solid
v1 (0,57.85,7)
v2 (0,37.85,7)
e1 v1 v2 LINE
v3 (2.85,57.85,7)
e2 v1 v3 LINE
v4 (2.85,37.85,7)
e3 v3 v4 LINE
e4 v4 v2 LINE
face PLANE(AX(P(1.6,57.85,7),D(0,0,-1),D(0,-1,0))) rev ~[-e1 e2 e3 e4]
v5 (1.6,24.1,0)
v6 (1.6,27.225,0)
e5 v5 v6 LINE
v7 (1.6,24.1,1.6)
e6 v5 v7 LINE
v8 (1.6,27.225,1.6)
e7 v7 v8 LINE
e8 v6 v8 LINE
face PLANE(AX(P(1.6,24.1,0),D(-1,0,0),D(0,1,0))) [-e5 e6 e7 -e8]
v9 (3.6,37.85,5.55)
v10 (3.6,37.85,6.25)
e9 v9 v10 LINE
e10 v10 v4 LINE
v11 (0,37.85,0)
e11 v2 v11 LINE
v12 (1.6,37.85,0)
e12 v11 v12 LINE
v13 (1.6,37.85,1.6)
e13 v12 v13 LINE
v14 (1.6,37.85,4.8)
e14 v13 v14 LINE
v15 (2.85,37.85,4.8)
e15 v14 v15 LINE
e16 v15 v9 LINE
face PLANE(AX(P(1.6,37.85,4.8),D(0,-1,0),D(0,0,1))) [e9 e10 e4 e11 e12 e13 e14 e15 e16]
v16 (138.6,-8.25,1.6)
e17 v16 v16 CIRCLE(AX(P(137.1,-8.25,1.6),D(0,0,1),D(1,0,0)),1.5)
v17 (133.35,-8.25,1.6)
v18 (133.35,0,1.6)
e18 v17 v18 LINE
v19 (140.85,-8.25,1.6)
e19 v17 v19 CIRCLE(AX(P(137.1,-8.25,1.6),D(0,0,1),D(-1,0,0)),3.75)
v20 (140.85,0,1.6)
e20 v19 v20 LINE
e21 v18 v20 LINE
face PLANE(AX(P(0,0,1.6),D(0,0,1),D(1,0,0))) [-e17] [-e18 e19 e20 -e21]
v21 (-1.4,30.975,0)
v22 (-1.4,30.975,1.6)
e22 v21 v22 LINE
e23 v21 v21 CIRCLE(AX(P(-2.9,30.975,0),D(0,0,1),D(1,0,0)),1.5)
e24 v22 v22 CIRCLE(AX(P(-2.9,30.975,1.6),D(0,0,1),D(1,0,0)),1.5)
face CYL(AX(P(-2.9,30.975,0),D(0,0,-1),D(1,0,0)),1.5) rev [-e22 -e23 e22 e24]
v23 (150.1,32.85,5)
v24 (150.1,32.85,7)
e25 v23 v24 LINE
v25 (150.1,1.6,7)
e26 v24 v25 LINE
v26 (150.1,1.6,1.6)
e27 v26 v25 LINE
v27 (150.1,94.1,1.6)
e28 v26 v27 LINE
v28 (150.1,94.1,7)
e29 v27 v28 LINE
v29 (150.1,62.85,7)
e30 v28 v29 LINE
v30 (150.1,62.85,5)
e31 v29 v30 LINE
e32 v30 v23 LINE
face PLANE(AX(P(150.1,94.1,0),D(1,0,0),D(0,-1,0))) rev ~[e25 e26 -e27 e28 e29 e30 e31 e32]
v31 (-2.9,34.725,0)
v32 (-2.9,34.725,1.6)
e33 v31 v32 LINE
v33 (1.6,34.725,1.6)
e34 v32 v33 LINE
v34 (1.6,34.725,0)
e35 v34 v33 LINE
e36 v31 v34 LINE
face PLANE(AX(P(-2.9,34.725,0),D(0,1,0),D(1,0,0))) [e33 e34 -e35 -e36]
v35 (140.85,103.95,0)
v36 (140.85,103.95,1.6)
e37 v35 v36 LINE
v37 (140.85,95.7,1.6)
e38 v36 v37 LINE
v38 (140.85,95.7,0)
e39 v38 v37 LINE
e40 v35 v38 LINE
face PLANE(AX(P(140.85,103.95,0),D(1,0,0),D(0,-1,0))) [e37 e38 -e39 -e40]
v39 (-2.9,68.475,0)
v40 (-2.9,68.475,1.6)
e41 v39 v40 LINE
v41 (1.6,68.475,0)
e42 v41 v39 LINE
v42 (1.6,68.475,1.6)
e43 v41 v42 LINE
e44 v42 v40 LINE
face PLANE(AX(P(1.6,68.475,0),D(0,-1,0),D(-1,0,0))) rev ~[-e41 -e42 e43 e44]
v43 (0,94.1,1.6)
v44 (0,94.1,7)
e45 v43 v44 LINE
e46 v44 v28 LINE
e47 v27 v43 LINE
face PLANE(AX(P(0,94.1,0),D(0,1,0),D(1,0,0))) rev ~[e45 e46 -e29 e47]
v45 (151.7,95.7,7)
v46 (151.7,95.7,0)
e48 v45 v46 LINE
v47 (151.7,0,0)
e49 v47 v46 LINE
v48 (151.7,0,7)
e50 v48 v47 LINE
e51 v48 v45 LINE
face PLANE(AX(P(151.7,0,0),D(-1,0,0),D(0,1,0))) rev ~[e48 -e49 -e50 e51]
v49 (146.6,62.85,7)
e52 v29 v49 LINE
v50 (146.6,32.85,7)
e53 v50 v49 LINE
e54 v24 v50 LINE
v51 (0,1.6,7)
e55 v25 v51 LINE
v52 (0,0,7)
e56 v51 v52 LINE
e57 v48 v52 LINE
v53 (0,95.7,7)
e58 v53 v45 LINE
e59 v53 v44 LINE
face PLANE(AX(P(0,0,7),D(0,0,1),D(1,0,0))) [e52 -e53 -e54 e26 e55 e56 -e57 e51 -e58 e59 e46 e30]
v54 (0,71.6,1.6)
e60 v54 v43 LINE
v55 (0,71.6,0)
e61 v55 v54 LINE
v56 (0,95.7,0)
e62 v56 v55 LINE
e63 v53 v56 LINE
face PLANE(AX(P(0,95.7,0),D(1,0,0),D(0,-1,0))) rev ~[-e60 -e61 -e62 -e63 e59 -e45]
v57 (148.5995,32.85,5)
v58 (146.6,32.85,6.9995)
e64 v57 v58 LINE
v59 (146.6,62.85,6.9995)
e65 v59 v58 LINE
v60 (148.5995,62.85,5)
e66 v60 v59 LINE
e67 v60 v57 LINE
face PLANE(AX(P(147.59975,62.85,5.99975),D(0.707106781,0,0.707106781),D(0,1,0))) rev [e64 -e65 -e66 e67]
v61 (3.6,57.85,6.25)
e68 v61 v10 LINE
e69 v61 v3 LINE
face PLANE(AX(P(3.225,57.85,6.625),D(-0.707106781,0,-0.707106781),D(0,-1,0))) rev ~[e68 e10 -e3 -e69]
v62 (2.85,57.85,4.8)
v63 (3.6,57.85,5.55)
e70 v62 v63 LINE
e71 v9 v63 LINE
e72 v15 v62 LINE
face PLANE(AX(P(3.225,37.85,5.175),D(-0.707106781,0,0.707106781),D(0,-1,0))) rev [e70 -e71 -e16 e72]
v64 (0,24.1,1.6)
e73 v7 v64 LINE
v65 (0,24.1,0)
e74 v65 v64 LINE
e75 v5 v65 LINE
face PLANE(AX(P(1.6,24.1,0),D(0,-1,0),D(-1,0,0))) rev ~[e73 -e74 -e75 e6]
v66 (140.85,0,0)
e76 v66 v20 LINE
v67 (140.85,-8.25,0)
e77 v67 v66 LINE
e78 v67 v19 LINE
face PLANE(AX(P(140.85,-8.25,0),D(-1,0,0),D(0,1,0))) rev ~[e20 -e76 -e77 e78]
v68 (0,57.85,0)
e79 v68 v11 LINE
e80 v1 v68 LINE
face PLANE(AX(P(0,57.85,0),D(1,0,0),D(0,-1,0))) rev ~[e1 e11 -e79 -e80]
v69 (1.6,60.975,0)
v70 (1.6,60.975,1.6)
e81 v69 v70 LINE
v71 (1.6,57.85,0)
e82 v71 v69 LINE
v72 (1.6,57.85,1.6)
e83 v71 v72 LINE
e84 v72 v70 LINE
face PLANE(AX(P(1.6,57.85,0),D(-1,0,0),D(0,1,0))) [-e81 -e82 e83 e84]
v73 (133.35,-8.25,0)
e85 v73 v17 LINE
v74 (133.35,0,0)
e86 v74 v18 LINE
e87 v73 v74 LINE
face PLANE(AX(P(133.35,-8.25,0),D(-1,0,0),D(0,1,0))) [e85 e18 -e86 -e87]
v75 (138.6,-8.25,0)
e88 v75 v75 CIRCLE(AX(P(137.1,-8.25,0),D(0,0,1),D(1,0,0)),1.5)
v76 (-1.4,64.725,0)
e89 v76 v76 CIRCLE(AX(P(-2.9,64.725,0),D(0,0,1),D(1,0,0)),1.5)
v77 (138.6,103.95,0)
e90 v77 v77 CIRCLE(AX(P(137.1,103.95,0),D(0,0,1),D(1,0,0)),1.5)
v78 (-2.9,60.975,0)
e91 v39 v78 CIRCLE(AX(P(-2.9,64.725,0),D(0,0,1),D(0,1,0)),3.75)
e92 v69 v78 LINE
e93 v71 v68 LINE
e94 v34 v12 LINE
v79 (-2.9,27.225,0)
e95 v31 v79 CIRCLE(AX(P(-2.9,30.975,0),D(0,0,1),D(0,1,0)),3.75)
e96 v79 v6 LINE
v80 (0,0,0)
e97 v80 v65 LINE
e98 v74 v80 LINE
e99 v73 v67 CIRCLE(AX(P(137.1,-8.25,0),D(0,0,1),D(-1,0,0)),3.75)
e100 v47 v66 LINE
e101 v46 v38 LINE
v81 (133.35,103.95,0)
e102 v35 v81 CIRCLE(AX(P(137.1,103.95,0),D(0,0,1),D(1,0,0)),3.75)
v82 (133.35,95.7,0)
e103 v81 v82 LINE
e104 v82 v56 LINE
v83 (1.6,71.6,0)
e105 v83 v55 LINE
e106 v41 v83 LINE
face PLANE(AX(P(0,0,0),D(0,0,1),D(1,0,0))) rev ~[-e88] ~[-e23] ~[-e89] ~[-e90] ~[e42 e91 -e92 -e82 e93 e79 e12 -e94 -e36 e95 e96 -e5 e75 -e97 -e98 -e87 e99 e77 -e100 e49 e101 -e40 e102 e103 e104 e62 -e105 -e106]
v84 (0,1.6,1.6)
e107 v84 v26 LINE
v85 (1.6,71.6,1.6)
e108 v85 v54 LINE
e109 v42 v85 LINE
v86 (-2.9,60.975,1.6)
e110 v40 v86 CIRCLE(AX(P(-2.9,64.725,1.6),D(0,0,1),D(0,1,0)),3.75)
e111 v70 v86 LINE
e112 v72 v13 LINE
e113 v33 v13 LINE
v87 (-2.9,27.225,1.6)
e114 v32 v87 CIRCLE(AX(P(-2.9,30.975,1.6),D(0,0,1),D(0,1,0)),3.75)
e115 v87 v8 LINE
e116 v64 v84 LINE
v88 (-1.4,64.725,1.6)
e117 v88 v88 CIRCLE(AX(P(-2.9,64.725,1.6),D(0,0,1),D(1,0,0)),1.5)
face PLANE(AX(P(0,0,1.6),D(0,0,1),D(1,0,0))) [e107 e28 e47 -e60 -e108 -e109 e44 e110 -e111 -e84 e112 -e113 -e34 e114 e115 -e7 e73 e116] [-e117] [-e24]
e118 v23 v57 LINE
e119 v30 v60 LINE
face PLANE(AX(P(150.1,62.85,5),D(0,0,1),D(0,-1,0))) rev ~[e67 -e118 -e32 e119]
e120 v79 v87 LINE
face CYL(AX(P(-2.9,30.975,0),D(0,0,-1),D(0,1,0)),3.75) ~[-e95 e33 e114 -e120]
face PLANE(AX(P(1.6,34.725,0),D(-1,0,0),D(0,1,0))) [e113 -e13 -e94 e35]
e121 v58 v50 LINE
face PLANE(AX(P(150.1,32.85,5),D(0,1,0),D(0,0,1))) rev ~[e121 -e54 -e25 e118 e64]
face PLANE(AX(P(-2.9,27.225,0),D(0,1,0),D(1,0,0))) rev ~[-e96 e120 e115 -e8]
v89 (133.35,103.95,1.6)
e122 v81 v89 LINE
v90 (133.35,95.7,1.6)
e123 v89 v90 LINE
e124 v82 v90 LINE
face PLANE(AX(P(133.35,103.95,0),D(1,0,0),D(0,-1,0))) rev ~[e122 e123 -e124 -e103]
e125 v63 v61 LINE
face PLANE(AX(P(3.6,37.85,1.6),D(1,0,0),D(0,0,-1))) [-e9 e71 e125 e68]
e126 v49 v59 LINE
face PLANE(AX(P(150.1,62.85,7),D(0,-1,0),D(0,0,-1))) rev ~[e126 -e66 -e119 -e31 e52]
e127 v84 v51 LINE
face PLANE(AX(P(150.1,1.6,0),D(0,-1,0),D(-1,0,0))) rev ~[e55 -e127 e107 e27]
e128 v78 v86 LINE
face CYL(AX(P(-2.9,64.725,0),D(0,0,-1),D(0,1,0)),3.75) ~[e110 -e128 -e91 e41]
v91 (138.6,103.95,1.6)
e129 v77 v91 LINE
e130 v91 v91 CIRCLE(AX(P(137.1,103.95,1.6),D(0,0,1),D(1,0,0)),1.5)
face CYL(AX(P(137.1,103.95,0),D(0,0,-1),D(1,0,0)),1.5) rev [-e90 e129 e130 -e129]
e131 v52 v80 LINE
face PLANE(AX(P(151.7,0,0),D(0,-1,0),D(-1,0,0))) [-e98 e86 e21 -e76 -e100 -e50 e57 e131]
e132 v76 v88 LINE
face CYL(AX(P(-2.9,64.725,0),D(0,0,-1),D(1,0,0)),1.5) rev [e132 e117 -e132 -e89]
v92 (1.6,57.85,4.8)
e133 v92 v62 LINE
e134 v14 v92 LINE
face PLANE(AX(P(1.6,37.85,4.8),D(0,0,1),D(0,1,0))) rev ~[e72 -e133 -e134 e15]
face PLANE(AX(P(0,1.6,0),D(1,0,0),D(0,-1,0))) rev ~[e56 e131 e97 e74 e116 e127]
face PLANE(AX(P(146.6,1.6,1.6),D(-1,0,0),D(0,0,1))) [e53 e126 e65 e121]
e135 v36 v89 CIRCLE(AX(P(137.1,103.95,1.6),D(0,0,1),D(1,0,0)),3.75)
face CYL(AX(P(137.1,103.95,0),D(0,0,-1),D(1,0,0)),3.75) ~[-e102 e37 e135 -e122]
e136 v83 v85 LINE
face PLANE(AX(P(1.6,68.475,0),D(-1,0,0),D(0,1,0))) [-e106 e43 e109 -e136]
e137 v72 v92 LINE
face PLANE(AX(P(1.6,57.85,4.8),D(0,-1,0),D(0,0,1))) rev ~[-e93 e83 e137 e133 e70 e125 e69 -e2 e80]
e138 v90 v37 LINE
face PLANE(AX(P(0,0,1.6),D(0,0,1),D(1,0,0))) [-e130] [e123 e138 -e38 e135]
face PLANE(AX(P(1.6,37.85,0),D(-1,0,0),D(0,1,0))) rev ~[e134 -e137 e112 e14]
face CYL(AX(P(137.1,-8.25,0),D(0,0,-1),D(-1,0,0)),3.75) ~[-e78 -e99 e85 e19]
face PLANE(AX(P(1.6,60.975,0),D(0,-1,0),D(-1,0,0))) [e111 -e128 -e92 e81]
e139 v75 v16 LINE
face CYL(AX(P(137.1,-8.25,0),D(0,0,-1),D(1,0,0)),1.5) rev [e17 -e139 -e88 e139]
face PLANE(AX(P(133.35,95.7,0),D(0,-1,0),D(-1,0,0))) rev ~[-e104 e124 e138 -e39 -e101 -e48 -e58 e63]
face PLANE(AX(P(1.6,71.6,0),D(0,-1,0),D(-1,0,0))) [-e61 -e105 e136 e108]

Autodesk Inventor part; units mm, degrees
ref_plane "YZ Plane" through (0, 0, 0) normal (1, 0, 0) x (0, 1, 0)
ref_plane "XZ Plane" through (0, 0, 0) normal (0, 1, 0) x (-1, 0, 0)
ref_plane "XY Plane" through (0, 0, 0) normal (0, 0, 1) x (1, 0, 0)
sketch "Sketch1" plane through (0, 0, 0) normal (0, 0, 1) x (1, 0, 0)
  line L0 (150.1, 1.6) -> (0, 1.6)
  line L1 (1.6, 24.1) -> (1.6, 71.6)
  line L2 (1.6, 24.1) -> (0, 24.1)
  line L3 (1.6, 47.85) -> (150.1, 47.85) construction
  line L4 (1.6, 71.6) -> (0, 71.6)
  line L5 (0, 71.6) -> (0, 94.1)
  line L6 (1.6, 30.975) -> (-2.9, 30.975) construction
  circle A0 centre (-2.9, 30.975) radius 1.5
  line L7 (-2.9, 27.225) -> (-2.9, 34.725) construction
  line L8 (-2.9, 27.225) -> (1.6, 27.225)
  line L9 (-2.9, 34.725) -> (1.6, 34.725)
  line L10 (1.6, 57.85) -> (0, 57.85)
  line L11 (0, 57.85) -> (0, 37.85)
  line L12 (0, 37.85) -> (1.6, 37.85)
  line L13 (0, 57.85) -> (0, 68.475) construction
  line L14 (0, 37.85) -> (0, 27.225) construction
  line L15 (0, 24.1) -> (0, 34.725) construction
  line L16 (151.7, 0) -> (0, 0)
  line L17 (151.7, 95.7) -> (0, 95.7)
  line L18 (0, 95.7) -> (0, 94.1)
  line L19 (0, 94.1) -> (150.1, 94.1)
  line L20 (137.1, 94.1) -> (137.1, 103.95) construction
  circle A1 centre (137.1, 103.95) radius 1.5
  arc A2 (140.85, 103.95) -> (133.35, 103.95) centre (137.1, 103.95) ccw
  line L21 (133.35, 103.95) -> (140.85, 103.95) construction
  line L22 (140.85, 103.95) -> (140.85, 95.7)
  line L23 (133.35, 103.95) -> (133.35, 95.7)
  line L24 (137.1, 1.6) -> (137.1, -8.25) construction
  circle A3 centre (137.1, -8.25) radius 1.5
  arc A4 (133.35, -8.25) -> (140.85, -8.25) centre (137.1, -8.25) ccw
  line L25 (133.35, -8.25) -> (140.85, -8.25) construction
  line L26 (140.85, -8.25) -> (140.85, 0)
  line L27 (133.35, -8.25) -> (133.35, 0)
  arc A5 (-2.9, 34.725) -> (-2.9, 27.225) centre (-2.9, 30.975) ccw
  line L28 (150.1, 94.1) -> (150.1, 1.6)
  line L29 (151.7, 0) -> (151.7, 95.7)
  line L30 (0, 24.1) -> (0, 0)
  line L31 (1.6, 64.725) -> (-2.9, 64.725) construction
  circle A6 centre (-2.9, 64.725) radius 1.5
  line L32 (-2.9, 68.475) -> (-2.9, 60.975) construction
  line L33 (1.6, 68.475) -> (-2.9, 68.475)
  line L34 (1.6, 60.975) -> (-2.9, 60.975)
  arc A7 (-2.9, 68.475) -> (-2.9, 60.975) centre (-2.9, 64.725) ccw
  point P0 (0, 0)
  dimension "d8" = 3
  dimension "d9" = 4.5
  dimension "d11" = 1.6
  dimension "d14" = 3
  dimension "d15" = 7.5
  dimension "d17" = 7.5
  dimension "d19" = 112.2
  dimension "d23" = 1.6
  dimension "d27" = 22.5
  dimension "d28" = 1.6
  dimension "d29" = 1.6
  dimension "d30" = 148.5
  dimension "d31" = 92.5
  dimension "d32" = 1.6
  dimension "d34" = 140
  dimension "d36" = 33.75
  dimension "d37" = 7.5
extrude "Extrusion1" add sketch "Sketch1" along normal blind 1.6
extrude "Extrusion2" add sketch "Sketch1" along normal blind 7 contours L28 L19 L18 L17 L29 L16 L30 L0 | L12 L11 L10 L1
sketch "Sketch2" plane through (150.1, 1.6, 1.6) normal (-1, 0, 0) x (0, 0, 1)
  line L0 (-1.6, -1.6) -> (-1.6, 94.1) projected
  line L1 (-1.6, 94.1) -> (5.4, 94.1) projected
  line L2 (5.4, -1.6) -> (5.4, 94.1) projected
  line L3 (-1.6, -1.6) -> (5.4, -1.6) projected
  line L4 (0, 56.25) -> (0, 36.25) projected
  line L5 (0, 36.25) -> (0, 33.125) projected
  line L6 (0, 33.125) -> (0, 25.625) projected
  line L7 (0, 25.625) -> (0, 22.5) projected
  line L8 (0, 22.5) -> (0, 0) projected
  line L9 (0, 0) -> (0, 92.5) projected
  line L10 (0, 92.5) -> (0, 70) projected
  line L11 (0, 70) -> (0, 66.875) projected
  line L12 (0, 66.875) -> (0, 59.375) projected
  line L13 (0, 59.375) -> (0, 56.25) projected
  line L14 (0, 64.625) -> (0, 61.625) projected
  line L15 (0, 30.875) -> (0, 27.875) projected
  line L16 (5.4, -1.6) -> (5.4, 94.1) projected
  line L17 (5.4, 61.25) -> (3.4, 61.25)
  line L18 (3.4, 61.25) -> (3.4, 31.25)
  line L19 (3.4, 31.25) -> (5.4, 31.25)
  line L20 (5.4, 31.25) -> (5.4, 61.25)
  line L21 (-1.6, -1.6) -> (-1.6, 94.1) projected
  line L22 (5.4, 46.25) -> (-1.6, 46.25) construction
  dimension "d42" = 2
  dimension "d43" = 30
extrude "Extrusion3" add sketch "Sketch2" along normal blind 3.5 contours L19 L18 L17 L2
chamfer "Chamfer1" distance 2 angle 45 1 edges at (146.6, 47.85, 5)
sketch "Sketch3" plane through (1.6, 37.85, 1.6) normal (1, 0, 0) x (0, 0, -1)
  line L0 (1.6, 20) -> (1.6, 0) projected
  line L1 (1.6, 0) -> (-5.4, 0) projected
  line L2 (-5.4, 20) -> (-5.4, 0) projected
  line L3 (1.6, 20) -> (-5.4, 20) projected
  line L4 (1.6, 0) -> (-5.4, 0) projected
  line L5 (1.6, 20) -> (-5.4, 20) projected
  line L6 (-5.4, 0) -> (-3.2, 0)
  line L7 (-3.2, 0) -> (-3.2, 20)
  line L8 (-3.2, 20) -> (-5.4, 20)
  line L9 (-5.4, 20) -> (-5.4, 0)
  point P0 (1.6, -37.85)
  dimension "d49" = 2.2
extrude "Extrusion4" add sketch "Sketch3" along normal blind 2 contours L7 L1 L2 L3
chamfer "Chamfer2" distance 0.75 angle 45 2 edges at (3.6, 47.85, 7) (3.6, 47.85, 4.8)
properties part number "PCB_deck"
